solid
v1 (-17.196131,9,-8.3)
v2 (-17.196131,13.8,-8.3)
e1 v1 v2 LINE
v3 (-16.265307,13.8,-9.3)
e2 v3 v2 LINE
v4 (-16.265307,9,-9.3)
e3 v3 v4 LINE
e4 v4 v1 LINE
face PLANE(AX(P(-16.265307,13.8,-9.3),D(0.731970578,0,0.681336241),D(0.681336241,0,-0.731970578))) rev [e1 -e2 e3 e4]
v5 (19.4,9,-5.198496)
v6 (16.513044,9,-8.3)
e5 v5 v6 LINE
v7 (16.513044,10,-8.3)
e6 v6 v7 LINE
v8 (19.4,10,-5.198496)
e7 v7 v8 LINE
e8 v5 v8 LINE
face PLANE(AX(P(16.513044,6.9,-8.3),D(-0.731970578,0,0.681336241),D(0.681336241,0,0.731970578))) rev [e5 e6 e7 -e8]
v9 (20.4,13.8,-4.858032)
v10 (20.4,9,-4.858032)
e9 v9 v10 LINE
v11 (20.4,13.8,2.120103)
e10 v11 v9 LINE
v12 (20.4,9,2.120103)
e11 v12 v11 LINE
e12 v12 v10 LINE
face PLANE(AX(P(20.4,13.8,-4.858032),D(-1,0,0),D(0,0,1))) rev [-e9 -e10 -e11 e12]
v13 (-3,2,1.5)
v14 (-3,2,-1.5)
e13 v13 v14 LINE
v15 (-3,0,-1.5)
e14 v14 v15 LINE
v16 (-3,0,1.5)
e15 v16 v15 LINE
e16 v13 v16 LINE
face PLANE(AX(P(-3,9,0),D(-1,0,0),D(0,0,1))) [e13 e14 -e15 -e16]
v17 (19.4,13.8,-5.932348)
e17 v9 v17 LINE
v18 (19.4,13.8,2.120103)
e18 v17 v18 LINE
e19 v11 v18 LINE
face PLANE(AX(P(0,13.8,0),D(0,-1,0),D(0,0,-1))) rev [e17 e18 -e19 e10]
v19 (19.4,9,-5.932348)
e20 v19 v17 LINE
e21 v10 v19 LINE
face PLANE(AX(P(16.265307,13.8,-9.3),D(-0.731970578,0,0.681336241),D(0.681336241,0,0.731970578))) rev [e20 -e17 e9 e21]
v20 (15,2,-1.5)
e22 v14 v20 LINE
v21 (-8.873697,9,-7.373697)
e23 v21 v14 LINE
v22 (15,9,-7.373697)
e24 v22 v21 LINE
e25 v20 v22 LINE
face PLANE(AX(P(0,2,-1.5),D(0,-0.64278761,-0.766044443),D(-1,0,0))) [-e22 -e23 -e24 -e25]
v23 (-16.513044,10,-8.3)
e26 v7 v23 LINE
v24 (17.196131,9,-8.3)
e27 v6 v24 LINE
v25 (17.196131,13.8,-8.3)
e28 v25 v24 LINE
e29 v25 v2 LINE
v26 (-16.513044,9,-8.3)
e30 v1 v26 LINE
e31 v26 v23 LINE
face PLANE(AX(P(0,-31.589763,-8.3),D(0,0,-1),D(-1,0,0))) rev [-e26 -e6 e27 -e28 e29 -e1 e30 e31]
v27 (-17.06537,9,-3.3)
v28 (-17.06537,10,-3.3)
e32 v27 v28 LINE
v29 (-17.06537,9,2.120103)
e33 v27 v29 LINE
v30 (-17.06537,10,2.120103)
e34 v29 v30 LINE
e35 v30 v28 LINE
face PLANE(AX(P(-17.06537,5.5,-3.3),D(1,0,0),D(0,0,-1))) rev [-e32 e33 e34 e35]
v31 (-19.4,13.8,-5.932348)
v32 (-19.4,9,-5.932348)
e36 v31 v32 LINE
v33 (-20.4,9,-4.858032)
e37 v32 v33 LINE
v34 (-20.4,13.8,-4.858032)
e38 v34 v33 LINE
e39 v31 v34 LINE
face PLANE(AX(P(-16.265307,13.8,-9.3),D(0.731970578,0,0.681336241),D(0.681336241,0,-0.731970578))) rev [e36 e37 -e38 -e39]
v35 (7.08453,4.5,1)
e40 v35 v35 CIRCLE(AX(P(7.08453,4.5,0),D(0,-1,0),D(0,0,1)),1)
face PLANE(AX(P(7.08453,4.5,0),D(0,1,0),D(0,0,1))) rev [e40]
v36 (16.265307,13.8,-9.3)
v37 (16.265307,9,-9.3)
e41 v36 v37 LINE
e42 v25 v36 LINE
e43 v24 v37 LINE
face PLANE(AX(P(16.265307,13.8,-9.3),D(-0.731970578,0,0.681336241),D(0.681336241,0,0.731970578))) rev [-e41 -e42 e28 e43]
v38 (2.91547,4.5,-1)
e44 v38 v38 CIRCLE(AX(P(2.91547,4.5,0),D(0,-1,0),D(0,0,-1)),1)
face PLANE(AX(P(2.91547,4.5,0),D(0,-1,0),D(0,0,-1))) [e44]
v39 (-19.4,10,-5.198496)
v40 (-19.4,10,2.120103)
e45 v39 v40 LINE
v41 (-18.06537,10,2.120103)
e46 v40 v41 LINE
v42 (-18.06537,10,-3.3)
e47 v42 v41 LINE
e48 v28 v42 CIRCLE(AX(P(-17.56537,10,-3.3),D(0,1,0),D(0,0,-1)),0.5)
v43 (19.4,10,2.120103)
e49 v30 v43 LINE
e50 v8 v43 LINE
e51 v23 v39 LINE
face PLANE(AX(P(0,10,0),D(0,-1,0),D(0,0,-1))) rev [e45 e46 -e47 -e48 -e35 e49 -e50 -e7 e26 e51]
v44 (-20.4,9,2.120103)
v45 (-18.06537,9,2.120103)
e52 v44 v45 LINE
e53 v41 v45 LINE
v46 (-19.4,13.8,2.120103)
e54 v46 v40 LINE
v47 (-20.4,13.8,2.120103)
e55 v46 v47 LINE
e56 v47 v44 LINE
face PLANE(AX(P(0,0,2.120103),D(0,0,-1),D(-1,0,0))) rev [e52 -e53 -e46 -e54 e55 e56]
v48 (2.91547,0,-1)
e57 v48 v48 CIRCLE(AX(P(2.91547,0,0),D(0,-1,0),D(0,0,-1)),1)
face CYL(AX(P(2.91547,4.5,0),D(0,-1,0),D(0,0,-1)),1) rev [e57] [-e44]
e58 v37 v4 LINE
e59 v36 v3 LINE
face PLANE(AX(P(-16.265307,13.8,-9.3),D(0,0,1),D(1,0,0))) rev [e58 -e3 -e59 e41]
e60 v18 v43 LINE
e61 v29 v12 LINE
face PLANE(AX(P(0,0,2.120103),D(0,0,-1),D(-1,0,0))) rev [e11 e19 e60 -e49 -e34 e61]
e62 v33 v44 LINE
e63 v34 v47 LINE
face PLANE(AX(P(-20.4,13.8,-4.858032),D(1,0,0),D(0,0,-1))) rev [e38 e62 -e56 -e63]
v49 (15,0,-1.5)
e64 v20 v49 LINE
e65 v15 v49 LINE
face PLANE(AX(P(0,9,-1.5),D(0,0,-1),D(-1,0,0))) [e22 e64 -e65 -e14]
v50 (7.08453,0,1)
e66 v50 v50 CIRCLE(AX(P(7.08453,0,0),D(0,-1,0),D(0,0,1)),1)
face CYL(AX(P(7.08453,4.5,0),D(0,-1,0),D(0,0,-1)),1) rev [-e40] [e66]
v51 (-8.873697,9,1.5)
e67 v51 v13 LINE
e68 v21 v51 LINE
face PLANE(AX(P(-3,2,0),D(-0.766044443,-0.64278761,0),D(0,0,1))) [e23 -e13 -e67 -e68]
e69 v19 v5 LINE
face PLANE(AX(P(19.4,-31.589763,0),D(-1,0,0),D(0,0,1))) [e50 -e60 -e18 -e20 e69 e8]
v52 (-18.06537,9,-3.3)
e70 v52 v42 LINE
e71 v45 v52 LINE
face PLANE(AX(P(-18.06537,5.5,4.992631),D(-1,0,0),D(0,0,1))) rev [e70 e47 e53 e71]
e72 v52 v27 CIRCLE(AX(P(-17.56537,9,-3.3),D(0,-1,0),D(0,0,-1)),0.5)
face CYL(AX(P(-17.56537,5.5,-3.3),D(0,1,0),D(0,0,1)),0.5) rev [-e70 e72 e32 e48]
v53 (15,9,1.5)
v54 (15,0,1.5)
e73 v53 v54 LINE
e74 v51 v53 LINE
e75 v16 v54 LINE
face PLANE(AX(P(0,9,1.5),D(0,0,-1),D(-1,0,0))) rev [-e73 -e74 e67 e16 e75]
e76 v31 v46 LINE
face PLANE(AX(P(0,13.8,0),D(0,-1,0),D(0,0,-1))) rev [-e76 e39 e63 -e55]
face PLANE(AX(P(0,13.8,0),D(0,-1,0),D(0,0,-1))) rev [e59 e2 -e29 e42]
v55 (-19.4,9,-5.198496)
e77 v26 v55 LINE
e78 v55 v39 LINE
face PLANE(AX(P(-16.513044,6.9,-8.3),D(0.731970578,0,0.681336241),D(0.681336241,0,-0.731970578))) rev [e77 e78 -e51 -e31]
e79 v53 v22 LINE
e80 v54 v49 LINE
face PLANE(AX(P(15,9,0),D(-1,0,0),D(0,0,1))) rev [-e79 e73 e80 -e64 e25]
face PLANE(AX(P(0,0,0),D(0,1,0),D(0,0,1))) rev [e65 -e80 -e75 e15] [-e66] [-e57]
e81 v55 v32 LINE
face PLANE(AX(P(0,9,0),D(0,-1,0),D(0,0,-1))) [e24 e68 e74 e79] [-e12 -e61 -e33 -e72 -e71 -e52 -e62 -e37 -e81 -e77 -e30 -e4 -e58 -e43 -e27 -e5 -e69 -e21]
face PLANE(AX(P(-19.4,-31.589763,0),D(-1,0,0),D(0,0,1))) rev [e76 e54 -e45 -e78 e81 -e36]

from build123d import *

# Parameters (mm, degrees)
SKETCH1_W             = 18
SKETCH1_H             = 3
BOSS_EXTRUDE1_DEPTH   = 9
BOSS_EXTRUDE2_DEPTH   = 4.8
CUT_EXTRUDE2_DEPTH    = 3.8
CUT_EXTRUDE3_DEPTH    = 6
CUT_EXTRUDE4_DEPTH    = 6.9
CUT_EXTRUDE5_DEPTH    = 4.5
SKETCH9_R             = 1
CUT_EXTRUDE6_DEPTH    = 4.5
SKETCH12_W            = 40.8
SKETCH12_H            = 4.8
CUT_EXTRUDE8_DEPTH    = 1.5
CHAMFER9_SIZE         = 7
CHAMFER9_SIZE2        = 5.873697418
CHAMFER9_PART_2_SIZE  = 7
CHAMFER9_PART_2_SIZE2 = 5.873697418


with BuildPart() as part:
    # Sketch1 → Boss-Extrude1 (new body)
    with BuildSketch(Plane(origin=(0, 0, 0), x_dir=(1, 0, 0), z_dir=(0, 1, 0))):
        with Locations((6, 0)):
            Rectangle(SKETCH1_W, SKETCH1_H)
    extrude(amount=BOSS_EXTRUDE1_DEPTH)

    # Sketch4 → Boss-Extrude2 (add)
    with BuildSketch(Plane(origin=(0, 9, 0), x_dir=(1, 0, 0), z_dir=(0, 1, 0))):
        Polygon((-16.265306784, 9.3), (16.265306784, 9.3), (20.4, 4.858031992), (20.4, -4.620102593), (-20.4, -4.620102593), (-20.4, 4.858031992), align=None)
    extrude(amount=BOSS_EXTRUDE2_DEPTH)

    # Sketch5 → Cut-Extrude2 (cut)
    with BuildSketch(Plane(origin=(0, 13.8, 0), x_dir=(1, 0, 0), z_dir=(0, 1, 0))):
        Polygon((16.513043846, 8.3), (-16.513043846, 8.3), (-19.4, 5.198496162), (-19.4, -3.620102593), (19.4, -3.620102593), (19.4, 5.198496162), align=None)
    extrude(amount=-CUT_EXTRUDE2_DEPTH, mode=Mode.SUBTRACT)

    # Sketch5<3> → Cut-Extrude3 (cut)
    with BuildSketch(Plane(origin=(0, 13.8, 0), x_dir=(1, 0, 0), z_dir=(0, 1, 0))):
        Polygon((20.4, -3.620102593), (19.4, -3.620102593), (-19.4, -3.620102593), (-20.4, -3.620102593), (-20.4, -4.620102593), (20.4, -4.620102593), align=None)
    extrude(amount=-CUT_EXTRUDE3_DEPTH, mode=Mode.SUBTRACT)

    # Sketch6 → Cut-Extrude4 (cut)
    with BuildSketch(Plane(origin=(0, 13.8, 0), x_dir=(1, 0, 0), z_dir=(0, 1, 0))):
        Polygon((-19.4, 5.198496162), (-19.4, 8.3), (-16.513043846, 8.3), align=None)
        Polygon((16.513043846, 8.3), (19.4, 5.198496162), (19.4, 8.3), align=None)
    extrude(amount=-CUT_EXTRUDE4_DEPTH, mode=Mode.SUBTRACT)

    # Sketch8 → Cut-Extrude5 (cut)
    with BuildSketch(Plane(origin=(0, 10, 0), x_dir=(1, 0, 0), z_dir=(0, 1, 0))):
        with BuildLine():
            Line((-17.065370438, 3.3), (-17.065370438, -4.992630539))
            ThreePointArc((-17.065370438, -4.992630539), (-17.565370438, -5.492630539), (-18.065370438, -4.992630539))
            Line((-18.065370438, -4.992630539), (-18.065370438, 3.3))
            ThreePointArc((-18.065370438, 3.3), (-17.565370438, 3.8), (-17.065370438, 3.3))
        make_face()
    extrude(amount=-CUT_EXTRUDE5_DEPTH, mode=Mode.SUBTRACT)

    # Sketch9 → Cut-Extrude6 (cut)
    with BuildSketch(Plane.XZ):
        with Locations((2.915469811, 0)):
            Circle(SKETCH9_R)
        with Locations((7.084530189, 0)):
            Circle(SKETCH9_R)
    extrude(amount=-CUT_EXTRUDE6_DEPTH, mode=Mode.SUBTRACT)

    # Sketch12 → Cut-Extrude8 (cut)
    with BuildSketch(Plane.XY.offset(3.620102593)):
        with Locations((0, 11.4)):
            Rectangle(SKETCH12_W, SKETCH12_H)
    extrude(amount=-CUT_EXTRUDE8_DEPTH, mode=Mode.SUBTRACT)

    # Chamfer9
    chamfer9_edges = [part.edges().sort_by_distance(p)[0] for p in [
        (6, 9, -1.5),
    ]]
    chamfer9_side = [part.faces().sort_by_distance(p)[0] for p in [
        (6, 4.5, -1.5),
    ]]
    chamfer(chamfer9_edges, length=CHAMFER9_SIZE, length2=CHAMFER9_SIZE2, reference=chamfer9_side[0])

    # Chamfer9 part 2
    chamfer9_part_2_edges = [part.edges().sort_by_distance(p)[0] for p in [
        (-3, 9, 0),
    ]]
    chamfer9_part_2_side = [part.faces().sort_by_distance(p)[0] for p in [
        (-3, 4.5, 0),
    ]]
    chamfer(chamfer9_part_2_edges, length=CHAMFER9_PART_2_SIZE, length2=CHAMFER9_PART_2_SIZE2, reference=chamfer9_part_2_side[0])


solid = part.part
